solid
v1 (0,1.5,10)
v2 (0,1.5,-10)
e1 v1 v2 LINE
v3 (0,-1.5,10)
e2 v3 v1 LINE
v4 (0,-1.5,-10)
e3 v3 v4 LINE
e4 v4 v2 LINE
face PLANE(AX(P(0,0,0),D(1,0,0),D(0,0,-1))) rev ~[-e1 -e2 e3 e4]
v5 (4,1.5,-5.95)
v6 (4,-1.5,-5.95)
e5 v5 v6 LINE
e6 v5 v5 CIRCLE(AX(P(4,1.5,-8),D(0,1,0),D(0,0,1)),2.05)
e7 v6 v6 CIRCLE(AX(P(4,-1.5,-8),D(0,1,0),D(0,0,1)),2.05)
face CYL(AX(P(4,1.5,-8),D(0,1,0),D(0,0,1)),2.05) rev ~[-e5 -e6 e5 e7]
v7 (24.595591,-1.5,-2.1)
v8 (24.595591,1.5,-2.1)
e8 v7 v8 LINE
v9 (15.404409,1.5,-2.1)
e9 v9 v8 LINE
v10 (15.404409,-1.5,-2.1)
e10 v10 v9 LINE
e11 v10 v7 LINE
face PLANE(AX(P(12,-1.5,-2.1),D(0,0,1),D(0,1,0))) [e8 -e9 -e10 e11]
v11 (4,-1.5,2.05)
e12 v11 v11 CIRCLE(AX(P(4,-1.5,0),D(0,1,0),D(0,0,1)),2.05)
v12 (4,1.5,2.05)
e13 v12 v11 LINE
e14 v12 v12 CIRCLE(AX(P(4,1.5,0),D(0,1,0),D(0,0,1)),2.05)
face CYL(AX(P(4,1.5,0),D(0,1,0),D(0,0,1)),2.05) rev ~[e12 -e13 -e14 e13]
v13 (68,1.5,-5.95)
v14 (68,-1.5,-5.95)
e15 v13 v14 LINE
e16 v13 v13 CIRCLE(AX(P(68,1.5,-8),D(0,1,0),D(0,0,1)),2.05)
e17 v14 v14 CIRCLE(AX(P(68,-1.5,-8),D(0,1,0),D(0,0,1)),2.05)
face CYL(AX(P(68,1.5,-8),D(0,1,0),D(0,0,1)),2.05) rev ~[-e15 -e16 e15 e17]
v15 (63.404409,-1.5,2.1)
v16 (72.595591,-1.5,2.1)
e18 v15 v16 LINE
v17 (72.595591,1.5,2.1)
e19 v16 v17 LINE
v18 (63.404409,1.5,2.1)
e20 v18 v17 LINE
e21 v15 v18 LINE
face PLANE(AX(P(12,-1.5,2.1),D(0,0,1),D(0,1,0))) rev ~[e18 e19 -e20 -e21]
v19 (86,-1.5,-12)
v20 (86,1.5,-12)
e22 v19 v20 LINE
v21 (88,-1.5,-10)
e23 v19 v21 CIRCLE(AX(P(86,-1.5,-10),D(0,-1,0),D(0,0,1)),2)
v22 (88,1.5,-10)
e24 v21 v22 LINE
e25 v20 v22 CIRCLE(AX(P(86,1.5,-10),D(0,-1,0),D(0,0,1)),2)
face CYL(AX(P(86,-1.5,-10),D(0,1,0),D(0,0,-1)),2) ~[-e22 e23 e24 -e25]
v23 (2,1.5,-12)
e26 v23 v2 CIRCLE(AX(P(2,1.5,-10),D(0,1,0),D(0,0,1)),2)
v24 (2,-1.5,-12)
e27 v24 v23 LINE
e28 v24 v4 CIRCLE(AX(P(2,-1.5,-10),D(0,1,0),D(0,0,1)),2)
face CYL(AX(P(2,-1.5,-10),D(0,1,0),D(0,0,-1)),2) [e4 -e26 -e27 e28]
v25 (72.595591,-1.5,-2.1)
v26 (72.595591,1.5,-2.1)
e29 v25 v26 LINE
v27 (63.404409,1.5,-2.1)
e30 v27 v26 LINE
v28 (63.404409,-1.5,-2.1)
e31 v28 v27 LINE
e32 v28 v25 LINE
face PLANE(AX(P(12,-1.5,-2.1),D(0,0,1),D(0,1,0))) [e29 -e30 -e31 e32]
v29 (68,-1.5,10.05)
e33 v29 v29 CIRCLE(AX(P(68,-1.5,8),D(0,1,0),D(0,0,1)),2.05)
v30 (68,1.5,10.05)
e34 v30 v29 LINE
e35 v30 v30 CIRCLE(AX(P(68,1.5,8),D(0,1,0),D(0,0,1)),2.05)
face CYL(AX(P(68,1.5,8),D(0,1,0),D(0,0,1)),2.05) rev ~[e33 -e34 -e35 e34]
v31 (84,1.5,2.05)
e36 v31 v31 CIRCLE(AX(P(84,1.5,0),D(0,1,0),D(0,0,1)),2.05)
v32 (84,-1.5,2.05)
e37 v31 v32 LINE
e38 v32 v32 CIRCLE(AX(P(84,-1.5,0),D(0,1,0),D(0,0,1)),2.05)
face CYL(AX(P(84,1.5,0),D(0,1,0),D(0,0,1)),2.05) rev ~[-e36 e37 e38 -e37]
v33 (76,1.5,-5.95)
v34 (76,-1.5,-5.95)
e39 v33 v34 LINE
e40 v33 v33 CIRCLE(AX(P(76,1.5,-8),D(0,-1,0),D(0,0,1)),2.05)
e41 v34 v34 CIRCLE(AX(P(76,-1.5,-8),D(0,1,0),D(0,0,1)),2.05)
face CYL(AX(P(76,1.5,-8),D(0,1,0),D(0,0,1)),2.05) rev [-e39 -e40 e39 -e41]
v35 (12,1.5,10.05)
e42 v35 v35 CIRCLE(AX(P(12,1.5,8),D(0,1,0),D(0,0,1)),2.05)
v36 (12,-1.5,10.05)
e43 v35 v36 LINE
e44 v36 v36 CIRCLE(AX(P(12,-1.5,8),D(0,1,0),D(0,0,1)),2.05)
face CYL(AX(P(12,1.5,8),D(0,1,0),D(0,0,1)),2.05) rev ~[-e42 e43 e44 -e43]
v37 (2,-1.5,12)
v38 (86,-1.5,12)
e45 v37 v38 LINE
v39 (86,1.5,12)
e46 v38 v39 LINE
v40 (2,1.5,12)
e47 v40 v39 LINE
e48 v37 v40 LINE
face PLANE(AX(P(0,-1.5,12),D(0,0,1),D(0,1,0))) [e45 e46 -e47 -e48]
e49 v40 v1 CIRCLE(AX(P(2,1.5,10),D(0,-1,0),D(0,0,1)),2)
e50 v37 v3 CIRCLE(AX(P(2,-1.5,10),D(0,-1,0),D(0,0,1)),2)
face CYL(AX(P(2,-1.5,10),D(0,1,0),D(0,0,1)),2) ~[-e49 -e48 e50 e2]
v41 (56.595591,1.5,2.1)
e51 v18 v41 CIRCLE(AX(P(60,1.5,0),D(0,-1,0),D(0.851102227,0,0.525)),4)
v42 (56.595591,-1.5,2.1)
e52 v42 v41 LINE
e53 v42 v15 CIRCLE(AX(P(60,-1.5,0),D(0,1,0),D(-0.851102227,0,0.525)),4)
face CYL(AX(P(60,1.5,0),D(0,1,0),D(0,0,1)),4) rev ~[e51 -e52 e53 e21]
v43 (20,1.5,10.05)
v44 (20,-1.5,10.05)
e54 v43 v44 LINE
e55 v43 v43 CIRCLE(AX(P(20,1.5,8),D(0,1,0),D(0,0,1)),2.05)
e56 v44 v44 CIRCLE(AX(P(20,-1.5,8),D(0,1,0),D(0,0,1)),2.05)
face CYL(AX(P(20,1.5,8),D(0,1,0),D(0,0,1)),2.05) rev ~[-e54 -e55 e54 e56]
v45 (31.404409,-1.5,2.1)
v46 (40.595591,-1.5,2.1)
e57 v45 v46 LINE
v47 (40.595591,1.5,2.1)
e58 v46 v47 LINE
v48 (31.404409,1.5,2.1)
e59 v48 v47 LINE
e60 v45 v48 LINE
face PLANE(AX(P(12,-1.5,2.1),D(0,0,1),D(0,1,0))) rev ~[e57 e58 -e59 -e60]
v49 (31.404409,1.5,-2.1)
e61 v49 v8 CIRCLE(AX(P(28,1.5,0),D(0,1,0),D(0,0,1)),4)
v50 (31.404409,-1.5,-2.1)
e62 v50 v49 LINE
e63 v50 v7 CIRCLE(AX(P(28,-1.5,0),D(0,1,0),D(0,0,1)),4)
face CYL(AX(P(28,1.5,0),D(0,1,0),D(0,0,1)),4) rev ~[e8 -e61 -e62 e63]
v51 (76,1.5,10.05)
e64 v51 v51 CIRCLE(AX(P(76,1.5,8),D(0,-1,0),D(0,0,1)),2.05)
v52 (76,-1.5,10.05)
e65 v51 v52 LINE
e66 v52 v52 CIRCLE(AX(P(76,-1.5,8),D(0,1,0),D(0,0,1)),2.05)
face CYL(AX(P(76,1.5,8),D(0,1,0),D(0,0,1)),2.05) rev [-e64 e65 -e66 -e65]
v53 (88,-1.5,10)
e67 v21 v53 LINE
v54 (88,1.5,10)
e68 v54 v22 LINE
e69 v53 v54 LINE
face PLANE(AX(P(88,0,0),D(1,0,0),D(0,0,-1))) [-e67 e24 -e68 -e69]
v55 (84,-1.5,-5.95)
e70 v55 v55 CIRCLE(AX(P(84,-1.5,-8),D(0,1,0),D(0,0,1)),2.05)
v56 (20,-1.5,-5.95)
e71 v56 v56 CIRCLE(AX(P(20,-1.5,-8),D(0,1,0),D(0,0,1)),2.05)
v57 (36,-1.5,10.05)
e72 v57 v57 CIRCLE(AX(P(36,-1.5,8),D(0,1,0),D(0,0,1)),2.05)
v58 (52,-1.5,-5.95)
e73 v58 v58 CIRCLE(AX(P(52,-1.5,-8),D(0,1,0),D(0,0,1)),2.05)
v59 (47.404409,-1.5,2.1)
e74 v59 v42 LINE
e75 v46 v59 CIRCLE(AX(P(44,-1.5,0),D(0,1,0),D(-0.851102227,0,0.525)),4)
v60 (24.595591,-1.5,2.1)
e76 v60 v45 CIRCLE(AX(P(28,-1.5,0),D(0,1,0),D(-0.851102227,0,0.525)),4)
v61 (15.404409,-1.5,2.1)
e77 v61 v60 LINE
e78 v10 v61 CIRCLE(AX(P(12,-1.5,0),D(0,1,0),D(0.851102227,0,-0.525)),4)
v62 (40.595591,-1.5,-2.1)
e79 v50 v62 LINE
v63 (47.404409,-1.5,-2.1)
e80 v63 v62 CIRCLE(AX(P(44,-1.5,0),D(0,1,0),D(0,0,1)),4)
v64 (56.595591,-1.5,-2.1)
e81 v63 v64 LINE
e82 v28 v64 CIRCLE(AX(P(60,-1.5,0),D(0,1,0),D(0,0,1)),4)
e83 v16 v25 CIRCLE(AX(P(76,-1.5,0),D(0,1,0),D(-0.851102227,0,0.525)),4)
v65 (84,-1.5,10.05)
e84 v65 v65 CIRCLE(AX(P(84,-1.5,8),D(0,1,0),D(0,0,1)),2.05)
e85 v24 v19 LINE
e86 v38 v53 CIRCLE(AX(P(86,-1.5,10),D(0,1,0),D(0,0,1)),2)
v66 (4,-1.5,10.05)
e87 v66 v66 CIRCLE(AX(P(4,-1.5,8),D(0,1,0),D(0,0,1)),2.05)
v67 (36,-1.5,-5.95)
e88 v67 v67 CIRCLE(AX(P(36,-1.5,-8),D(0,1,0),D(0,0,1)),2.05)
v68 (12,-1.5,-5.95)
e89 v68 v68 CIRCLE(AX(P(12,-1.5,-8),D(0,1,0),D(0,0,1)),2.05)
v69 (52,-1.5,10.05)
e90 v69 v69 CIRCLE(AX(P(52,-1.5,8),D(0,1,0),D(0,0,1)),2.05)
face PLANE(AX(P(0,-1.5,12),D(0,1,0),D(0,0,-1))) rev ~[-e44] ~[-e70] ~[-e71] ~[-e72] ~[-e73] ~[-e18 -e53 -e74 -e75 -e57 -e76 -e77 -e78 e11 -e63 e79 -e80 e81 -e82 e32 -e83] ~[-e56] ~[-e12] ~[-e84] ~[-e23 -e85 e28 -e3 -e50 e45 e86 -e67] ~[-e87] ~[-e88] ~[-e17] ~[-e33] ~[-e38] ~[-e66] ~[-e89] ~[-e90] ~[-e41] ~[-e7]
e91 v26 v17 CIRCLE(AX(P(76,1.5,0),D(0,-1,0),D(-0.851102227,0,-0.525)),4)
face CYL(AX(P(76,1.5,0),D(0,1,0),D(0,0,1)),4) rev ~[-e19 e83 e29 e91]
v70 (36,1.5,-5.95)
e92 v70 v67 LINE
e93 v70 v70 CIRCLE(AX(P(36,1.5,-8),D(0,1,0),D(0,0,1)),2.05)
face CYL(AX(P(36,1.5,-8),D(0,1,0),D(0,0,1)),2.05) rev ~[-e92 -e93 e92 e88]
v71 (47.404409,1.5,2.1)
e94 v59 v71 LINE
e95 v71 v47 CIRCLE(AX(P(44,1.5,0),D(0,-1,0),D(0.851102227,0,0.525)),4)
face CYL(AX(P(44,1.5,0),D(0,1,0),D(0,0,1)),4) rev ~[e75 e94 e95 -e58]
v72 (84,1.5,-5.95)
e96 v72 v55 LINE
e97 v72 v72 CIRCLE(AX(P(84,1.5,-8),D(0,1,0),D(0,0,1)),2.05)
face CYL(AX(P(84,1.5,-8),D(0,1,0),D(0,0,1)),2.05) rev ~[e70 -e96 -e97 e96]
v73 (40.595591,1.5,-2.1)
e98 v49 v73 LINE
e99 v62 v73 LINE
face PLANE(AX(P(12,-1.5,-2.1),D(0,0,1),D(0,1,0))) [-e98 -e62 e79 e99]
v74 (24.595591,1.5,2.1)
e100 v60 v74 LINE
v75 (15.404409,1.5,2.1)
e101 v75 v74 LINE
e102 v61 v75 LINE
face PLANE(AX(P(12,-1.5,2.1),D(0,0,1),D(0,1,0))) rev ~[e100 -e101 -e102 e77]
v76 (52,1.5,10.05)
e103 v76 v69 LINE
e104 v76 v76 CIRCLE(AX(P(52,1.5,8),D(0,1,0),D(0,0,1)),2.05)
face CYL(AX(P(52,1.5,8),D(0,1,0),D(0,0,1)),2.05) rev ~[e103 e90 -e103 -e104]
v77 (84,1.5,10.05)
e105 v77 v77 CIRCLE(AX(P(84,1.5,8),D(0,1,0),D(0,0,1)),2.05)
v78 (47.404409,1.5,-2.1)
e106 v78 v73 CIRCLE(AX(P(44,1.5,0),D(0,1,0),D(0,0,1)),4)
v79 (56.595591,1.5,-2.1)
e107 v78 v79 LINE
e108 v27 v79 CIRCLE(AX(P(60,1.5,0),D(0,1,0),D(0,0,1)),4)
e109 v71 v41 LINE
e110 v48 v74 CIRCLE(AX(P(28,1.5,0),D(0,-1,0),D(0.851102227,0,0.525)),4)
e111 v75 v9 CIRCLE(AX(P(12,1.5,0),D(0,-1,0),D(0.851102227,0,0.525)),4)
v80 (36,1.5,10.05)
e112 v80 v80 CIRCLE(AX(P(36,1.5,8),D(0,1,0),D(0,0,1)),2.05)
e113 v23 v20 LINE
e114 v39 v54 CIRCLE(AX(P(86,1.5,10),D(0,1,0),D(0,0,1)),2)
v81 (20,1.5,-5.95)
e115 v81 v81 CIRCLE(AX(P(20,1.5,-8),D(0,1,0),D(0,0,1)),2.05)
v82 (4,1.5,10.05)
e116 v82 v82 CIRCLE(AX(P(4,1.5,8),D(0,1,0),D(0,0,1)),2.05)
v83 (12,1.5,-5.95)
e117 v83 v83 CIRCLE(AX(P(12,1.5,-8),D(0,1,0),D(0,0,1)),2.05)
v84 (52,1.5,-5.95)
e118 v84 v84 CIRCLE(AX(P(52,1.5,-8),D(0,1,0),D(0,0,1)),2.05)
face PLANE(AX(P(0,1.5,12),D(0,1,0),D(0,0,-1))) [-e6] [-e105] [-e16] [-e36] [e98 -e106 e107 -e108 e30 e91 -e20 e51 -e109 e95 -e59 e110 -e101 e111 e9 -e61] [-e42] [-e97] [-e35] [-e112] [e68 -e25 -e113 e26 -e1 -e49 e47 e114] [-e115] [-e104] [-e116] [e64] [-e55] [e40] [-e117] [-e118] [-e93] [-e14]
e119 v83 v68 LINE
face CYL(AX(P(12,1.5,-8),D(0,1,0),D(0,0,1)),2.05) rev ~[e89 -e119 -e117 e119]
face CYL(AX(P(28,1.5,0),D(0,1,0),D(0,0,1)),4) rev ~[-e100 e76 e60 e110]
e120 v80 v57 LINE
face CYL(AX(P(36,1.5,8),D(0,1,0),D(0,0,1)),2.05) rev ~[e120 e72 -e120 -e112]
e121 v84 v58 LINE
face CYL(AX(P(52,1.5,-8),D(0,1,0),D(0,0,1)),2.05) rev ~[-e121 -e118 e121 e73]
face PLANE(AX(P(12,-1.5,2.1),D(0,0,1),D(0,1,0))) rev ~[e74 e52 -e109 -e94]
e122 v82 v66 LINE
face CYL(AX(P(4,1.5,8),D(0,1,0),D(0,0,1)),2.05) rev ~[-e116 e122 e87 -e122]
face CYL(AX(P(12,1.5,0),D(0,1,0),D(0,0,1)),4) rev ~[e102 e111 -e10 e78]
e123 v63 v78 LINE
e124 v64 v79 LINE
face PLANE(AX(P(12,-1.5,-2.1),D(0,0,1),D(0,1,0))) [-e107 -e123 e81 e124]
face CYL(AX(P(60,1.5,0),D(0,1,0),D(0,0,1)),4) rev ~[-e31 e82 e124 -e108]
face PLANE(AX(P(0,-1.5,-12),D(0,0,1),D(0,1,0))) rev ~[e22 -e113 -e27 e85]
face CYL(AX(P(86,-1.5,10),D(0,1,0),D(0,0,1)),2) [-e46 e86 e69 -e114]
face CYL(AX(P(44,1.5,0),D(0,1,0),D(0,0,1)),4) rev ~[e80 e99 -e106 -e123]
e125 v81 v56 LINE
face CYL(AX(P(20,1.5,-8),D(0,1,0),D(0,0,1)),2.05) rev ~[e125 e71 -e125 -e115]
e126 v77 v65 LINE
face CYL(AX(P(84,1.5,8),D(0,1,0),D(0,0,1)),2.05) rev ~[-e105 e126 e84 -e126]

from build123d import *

# Parameters (mm, degrees)
SKETCH_1_W             = 24
SKETCH_1_H             = 3
EXTRUDE_1_DEPTH        = 88
FILLET_1_R             = 2
SKETCH_3_R             = 2.05
CUT_EXTRUDE_1_DEPTH    = 89.865066252
SKETCH_4_R             = 4
CUT_EXTRUDE_2_DEPTH    = 89.865066252
PATTERN_LINEAR_1_COUNT = 12
PATTERN_LINEAR_1_PITCH = 16
PATTERN_LINEAR_2_COUNT = 11
PATTERN_LINEAR_2_PITCH = 16
SKETCH_5_R             = 2.05
CUT_EXTRUDE_3_DEPTH    = 89.865066252
SKETCH_6_W             = 4.2
SKETCH_6_H             = 3
CUT_EXTRUDE_4_DEPTH    = 66
SKETCH_7_R             = 2.05
CUT_EXTRUDE_5_DEPTH    = 10


with BuildPart() as part:
    # 草图1 → 凸台-拉伸1 (new body)
    with BuildSketch(Plane(origin=(0, 0, 0), x_dir=(0, 0, -1), z_dir=(1, 0, 0))):
        Rectangle(SKETCH_1_W, SKETCH_1_H)
    extrude(amount=EXTRUDE_1_DEPTH)

    # 圆角1
    fillet_1_edges = [part.edges().sort_by_distance(p)[0] for p in [
        (88, 0, 12),
        (88, 0, -12),
        (0, 0, 12),
        (0, 0, -12),
    ]]
    fillet(fillet_1_edges, radius=FILLET_1_R)

    # 草图3 → 切除-拉伸1 (cut, through all)
    with BuildSketch(Plane(origin=(0, 1.5, 0), x_dir=(1, 0, 0), z_dir=(0, 1, 0))):
        with Locations(Location((4, 8, 0), (0, 0, 270))):
            Circle(SKETCH_3_R)
        with Locations(Location((4, -8, 0), (0, 0, 270))):
            Circle(SKETCH_3_R)
    cut_extrude_1 = extrude(amount=-CUT_EXTRUDE_1_DEPTH, mode=Mode.SUBTRACT)

    # 草图4 → 切除-拉伸2 (cut, through all)
    with BuildSketch(Plane(origin=(0, 1.5, 0), x_dir=(1, 0, 0), z_dir=(0, 1, 0))):
        with Locations(Location((12, 0, 0), (0, 0, 270))):
            Circle(SKETCH_4_R)
    cut_extrude_2 = extrude(amount=-CUT_EXTRUDE_2_DEPTH, mode=Mode.SUBTRACT)

    # 阵列(线性)1: 切除-拉伸1 ×12
    with Locations(*[(i * PATTERN_LINEAR_1_PITCH, 0, 0) for i in range(1, PATTERN_LINEAR_1_COUNT)]):
        add(cut_extrude_1, mode=Mode.SUBTRACT)

    # 阵列(线性)2: 切除-拉伸2 ×11
    with Locations(*[(i * PATTERN_LINEAR_2_PITCH, 0, 0) for i in range(1, PATTERN_LINEAR_2_COUNT)]):
        add(cut_extrude_2, mode=Mode.SUBTRACT)

    # 草图5 → 切除-拉伸3 (cut, through all)
    with BuildSketch(Plane(origin=(0, 1.5, 0), x_dir=(1, 0, 0), z_dir=(0, 1, 0))):
        with Locations(Location((4, 0, 0), (0, 0, 270))):
            Circle(SKETCH_5_R)
        with Locations(Location((84, 0, 0), (0, 0, 270))):
            Circle(SKETCH_5_R)
    extrude(amount=-CUT_EXTRUDE_3_DEPTH, mode=Mode.SUBTRACT)

    # 草图6 → 切除-拉伸4 (cut)
    with BuildSketch(Plane.ZY.offset(-12)):
        Rectangle(SKETCH_6_W, SKETCH_6_H)
    extrude(amount=-CUT_EXTRUDE_4_DEPTH, mode=Mode.SUBTRACT)

    # 草图7 → 切除-拉伸5 (cut)
    with BuildSketch(Plane(origin=(0, 1.5, 0), x_dir=(1, 0, 0), z_dir=(0, 1, 0))):
        with Locations(Location((12, 8, 0), (0, 0, 270))):
            Circle(SKETCH_7_R)
        with Locations(Location((12, -8, 0), (0, 0, 270))):
            Circle(SKETCH_7_R)
    cut_extrude_5 = extrude(amount=-CUT_EXTRUDE_5_DEPTH, mode=Mode.SUBTRACT)

    # 镜向1: 切除-拉伸5 across plane
    add(cut_extrude_5.mirror(Plane.ZY.offset(-44)), mode=Mode.SUBTRACT)


solid = part.part
